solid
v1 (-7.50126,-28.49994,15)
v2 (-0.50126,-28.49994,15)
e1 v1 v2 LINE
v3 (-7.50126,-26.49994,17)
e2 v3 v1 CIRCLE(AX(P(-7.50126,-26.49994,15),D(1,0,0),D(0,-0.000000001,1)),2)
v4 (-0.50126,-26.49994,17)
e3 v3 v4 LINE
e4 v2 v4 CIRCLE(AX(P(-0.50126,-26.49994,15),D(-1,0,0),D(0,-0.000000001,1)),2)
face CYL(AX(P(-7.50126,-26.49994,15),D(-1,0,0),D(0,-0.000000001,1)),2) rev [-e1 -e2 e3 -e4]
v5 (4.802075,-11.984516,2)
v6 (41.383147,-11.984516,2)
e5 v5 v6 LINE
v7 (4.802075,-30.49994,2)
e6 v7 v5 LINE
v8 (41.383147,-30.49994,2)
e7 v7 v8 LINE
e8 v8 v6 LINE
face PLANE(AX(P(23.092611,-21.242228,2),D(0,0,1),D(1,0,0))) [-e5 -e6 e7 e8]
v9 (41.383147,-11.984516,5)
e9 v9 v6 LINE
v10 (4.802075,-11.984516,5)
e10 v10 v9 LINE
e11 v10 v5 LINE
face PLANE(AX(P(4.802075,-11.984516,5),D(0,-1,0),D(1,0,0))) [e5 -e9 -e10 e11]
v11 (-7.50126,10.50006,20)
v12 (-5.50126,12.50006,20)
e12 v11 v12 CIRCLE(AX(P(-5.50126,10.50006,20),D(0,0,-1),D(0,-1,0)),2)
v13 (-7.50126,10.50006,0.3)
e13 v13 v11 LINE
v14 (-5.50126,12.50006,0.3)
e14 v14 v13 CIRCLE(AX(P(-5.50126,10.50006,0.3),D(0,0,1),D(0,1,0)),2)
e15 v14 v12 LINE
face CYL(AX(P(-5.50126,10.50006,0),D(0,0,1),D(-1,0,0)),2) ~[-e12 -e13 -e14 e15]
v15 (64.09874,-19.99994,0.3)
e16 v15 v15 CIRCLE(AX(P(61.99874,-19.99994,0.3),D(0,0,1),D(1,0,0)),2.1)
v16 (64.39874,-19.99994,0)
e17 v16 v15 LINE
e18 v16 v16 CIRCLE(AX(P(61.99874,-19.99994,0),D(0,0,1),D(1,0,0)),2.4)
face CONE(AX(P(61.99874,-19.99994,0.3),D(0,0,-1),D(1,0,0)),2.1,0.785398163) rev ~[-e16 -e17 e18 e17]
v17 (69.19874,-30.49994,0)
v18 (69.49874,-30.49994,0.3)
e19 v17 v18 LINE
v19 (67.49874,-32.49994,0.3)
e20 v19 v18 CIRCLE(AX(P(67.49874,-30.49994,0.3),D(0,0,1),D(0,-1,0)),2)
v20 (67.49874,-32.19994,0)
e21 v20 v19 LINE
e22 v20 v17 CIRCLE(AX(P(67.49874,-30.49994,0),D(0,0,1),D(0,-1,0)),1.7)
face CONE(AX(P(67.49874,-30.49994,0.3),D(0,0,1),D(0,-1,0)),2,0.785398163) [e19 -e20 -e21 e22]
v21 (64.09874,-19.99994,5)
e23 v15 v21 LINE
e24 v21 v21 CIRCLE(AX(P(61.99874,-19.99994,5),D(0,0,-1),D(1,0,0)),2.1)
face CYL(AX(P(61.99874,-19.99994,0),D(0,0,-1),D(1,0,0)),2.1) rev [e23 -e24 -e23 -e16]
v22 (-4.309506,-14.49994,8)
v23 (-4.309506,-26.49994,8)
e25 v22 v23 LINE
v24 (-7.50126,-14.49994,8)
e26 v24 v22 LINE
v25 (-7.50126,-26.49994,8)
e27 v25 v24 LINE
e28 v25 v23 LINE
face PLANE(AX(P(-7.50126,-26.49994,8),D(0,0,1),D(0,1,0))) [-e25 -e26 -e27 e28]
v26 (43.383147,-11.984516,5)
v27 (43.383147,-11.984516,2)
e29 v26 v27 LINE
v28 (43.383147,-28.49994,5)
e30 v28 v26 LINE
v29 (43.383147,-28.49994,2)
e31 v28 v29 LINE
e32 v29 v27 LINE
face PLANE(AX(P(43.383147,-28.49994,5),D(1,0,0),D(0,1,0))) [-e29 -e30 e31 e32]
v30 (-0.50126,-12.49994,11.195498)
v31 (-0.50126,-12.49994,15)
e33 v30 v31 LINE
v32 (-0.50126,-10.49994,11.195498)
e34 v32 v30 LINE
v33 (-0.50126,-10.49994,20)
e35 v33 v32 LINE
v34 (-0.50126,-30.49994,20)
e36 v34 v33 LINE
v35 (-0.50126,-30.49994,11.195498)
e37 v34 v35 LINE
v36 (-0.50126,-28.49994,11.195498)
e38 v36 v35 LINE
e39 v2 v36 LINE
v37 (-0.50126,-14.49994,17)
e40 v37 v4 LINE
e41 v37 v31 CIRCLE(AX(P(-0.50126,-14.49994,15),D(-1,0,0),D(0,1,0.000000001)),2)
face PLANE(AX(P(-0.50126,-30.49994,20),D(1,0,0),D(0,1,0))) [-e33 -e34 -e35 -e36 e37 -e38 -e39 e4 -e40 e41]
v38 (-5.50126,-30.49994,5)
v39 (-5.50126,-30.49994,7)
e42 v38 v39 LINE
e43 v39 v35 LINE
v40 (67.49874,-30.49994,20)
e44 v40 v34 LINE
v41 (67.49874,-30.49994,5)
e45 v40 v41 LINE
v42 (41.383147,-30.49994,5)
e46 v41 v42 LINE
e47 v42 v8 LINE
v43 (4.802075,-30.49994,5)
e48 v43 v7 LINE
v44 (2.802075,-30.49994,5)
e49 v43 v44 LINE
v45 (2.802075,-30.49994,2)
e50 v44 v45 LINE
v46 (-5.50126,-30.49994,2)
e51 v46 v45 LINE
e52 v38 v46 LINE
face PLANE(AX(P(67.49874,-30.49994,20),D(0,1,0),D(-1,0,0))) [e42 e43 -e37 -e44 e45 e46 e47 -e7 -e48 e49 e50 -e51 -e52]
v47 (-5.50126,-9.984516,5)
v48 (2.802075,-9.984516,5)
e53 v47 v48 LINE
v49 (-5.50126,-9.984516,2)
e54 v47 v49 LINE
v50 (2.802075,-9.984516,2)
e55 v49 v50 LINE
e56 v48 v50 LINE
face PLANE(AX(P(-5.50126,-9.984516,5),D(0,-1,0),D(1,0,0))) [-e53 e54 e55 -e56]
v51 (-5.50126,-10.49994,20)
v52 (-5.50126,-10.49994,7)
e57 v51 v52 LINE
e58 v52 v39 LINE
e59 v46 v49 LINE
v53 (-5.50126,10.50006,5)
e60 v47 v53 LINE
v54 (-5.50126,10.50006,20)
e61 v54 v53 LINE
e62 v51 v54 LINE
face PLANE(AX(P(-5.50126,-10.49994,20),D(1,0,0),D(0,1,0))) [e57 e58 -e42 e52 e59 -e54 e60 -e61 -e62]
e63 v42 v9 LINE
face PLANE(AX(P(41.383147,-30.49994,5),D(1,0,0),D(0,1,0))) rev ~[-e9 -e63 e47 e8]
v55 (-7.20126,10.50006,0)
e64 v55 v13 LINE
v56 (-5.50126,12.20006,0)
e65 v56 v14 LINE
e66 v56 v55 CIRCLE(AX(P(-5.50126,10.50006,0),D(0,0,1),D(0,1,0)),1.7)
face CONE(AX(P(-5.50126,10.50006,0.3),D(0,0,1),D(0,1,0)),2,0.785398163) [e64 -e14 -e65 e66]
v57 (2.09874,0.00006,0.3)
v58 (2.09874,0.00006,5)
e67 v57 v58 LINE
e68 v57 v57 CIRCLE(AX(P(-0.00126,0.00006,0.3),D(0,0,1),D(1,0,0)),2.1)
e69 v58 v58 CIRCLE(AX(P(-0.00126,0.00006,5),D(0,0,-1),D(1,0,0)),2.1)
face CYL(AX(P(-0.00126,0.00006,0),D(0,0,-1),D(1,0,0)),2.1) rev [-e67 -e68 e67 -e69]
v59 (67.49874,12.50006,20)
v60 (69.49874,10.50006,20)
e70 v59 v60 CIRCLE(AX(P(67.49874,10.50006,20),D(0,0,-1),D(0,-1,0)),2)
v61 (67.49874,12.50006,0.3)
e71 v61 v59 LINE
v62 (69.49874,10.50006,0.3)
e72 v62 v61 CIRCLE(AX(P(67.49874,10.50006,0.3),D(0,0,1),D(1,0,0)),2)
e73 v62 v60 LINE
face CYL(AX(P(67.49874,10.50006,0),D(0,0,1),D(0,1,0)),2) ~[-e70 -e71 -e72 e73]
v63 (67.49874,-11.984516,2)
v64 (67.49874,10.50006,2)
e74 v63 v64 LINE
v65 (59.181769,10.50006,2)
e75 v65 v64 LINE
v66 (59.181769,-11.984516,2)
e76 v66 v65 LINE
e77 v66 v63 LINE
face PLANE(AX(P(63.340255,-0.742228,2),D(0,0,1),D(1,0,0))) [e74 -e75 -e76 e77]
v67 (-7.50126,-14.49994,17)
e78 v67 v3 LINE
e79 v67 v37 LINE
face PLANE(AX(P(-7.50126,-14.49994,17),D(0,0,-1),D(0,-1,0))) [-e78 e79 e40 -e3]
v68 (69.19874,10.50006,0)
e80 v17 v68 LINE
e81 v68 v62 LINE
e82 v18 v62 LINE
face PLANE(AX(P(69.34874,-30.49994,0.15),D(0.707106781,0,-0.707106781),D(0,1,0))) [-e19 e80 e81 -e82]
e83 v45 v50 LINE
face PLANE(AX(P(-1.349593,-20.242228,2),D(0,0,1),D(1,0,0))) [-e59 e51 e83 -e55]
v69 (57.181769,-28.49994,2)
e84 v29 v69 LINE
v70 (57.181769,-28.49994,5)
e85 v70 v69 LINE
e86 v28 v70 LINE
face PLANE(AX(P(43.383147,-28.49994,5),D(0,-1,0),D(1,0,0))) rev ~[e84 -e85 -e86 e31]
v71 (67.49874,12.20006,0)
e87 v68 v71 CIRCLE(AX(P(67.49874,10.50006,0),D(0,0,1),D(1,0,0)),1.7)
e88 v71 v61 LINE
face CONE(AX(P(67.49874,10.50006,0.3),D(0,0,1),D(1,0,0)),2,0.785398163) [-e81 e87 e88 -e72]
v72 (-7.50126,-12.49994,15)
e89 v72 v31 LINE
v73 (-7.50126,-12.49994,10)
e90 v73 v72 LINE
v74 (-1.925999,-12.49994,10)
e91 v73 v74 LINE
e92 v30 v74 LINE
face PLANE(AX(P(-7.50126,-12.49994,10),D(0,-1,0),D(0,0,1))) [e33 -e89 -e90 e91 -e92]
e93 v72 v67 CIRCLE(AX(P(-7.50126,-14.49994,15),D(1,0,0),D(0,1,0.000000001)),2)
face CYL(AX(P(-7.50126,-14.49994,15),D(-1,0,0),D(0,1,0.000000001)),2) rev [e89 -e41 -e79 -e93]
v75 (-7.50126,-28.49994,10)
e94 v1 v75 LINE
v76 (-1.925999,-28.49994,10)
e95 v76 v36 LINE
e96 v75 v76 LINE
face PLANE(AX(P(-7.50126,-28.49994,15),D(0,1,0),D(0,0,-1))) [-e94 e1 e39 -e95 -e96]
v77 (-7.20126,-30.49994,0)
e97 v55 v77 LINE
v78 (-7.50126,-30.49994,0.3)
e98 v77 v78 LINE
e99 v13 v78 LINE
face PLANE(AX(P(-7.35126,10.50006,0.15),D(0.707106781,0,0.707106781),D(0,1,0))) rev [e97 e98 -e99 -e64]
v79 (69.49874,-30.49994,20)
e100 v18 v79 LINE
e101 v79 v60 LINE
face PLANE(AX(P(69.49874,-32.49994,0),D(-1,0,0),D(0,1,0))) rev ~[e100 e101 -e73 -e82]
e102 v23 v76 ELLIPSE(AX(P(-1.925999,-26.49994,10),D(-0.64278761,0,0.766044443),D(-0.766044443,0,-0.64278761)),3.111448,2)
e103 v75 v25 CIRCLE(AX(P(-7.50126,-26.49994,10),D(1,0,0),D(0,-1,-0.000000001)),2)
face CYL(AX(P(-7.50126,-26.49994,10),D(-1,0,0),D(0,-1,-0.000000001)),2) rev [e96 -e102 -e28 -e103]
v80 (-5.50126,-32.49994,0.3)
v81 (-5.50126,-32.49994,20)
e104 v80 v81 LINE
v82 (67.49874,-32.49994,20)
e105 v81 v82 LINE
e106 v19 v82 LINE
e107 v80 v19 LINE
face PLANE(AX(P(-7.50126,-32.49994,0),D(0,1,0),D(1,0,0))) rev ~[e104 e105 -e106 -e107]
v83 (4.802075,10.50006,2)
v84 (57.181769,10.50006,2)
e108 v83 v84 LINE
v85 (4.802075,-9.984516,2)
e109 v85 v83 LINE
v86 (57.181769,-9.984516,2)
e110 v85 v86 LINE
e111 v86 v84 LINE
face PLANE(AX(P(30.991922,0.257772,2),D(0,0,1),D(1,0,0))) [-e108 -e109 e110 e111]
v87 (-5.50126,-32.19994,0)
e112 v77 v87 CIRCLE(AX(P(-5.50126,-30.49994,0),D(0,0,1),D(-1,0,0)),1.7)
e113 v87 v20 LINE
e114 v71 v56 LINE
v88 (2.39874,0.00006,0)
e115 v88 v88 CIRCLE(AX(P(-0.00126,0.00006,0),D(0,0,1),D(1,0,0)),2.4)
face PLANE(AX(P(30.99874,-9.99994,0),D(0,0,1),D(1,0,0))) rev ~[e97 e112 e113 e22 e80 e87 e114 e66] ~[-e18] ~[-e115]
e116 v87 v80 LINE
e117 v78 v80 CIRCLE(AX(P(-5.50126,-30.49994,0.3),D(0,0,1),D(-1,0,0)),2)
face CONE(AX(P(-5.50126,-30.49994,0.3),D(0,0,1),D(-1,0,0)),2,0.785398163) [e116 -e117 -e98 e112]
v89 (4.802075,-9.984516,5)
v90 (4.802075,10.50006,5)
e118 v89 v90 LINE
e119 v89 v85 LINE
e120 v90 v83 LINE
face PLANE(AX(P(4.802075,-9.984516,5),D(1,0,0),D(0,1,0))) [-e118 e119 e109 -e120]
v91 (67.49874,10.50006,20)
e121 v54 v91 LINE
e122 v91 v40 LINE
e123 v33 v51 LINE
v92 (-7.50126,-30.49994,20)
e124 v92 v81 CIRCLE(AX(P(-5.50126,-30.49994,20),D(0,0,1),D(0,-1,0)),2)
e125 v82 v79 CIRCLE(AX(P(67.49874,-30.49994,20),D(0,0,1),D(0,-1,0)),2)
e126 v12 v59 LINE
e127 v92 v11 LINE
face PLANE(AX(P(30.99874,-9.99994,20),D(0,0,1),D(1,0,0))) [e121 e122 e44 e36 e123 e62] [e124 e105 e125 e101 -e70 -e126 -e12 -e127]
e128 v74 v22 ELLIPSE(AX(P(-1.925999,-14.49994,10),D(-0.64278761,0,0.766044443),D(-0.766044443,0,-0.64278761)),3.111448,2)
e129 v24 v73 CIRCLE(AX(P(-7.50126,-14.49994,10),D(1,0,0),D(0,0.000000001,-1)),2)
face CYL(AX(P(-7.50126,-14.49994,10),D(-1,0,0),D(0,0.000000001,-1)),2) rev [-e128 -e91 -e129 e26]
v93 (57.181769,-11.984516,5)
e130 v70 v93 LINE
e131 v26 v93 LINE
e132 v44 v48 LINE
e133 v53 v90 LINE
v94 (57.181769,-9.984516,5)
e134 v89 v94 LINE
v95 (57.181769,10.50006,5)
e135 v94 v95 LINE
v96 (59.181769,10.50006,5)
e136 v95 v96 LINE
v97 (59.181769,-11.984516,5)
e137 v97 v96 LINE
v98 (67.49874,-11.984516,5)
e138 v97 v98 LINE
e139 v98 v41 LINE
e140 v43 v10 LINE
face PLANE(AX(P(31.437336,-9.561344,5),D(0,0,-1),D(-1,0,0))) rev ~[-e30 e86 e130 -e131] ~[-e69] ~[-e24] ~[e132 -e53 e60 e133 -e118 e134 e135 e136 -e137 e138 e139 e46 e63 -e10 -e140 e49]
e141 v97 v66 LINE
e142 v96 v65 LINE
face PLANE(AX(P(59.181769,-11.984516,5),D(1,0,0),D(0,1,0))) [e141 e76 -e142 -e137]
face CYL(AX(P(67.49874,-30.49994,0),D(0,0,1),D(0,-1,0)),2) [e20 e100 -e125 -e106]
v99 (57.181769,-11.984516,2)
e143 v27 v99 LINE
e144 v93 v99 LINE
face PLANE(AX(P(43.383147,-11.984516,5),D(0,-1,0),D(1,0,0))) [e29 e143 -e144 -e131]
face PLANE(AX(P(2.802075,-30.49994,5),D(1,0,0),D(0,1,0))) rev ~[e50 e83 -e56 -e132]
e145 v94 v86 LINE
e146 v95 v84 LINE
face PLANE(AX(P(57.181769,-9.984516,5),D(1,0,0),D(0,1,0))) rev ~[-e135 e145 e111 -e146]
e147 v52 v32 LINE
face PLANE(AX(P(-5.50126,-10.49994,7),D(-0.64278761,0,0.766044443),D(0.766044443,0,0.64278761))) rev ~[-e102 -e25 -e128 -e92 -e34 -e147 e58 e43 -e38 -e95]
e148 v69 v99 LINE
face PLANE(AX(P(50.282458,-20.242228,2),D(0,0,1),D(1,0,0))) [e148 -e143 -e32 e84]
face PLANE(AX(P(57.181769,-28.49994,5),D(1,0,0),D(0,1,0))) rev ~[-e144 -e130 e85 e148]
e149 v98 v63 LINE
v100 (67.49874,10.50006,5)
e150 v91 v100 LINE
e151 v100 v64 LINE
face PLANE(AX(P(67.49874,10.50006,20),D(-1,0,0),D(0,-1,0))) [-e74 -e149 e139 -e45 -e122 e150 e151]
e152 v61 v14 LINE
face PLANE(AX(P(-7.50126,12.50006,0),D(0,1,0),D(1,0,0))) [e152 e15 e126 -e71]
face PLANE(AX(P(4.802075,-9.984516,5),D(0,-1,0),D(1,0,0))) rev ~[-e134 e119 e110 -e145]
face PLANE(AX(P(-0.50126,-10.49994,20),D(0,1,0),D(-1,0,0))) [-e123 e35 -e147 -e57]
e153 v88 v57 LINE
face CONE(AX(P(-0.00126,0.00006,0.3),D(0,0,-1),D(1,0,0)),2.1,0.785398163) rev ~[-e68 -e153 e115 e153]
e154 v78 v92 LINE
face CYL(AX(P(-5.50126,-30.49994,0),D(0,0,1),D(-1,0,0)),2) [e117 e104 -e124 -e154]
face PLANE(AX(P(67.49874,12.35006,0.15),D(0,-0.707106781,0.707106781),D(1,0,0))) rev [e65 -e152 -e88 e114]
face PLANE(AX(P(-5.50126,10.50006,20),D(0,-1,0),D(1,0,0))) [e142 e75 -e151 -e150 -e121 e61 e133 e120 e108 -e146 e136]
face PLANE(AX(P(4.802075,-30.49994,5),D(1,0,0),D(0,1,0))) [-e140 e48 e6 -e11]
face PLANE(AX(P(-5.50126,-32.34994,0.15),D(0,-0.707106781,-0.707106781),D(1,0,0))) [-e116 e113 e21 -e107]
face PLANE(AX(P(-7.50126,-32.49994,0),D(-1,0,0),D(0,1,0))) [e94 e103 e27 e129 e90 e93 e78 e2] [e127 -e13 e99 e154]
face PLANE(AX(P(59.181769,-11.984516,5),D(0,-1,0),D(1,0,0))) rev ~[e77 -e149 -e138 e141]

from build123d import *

# Parameters (mm, degrees)
SKETCH2_W           = 77
SKETCH2_H           = 45
SKETCH2_R           = 2.1
BOSS_EXTRUDE2_DEPTH = 20
CUT_EXTRUDE1_DEPTH  = 15
SKETCH4_R           = 2.1
SKETCH4_W           = 52.379694286
SKETCH4_H           = 20.484576037
SKETCH4_W_2         = 36.58107182
SKETCH4_H_2         = 18.515423963
SKETCH4_W_3         = 13.798622466
SKETCH4_H_3         = 16.515423963
SKETCH4_W_4         = 8.316970937
SKETCH4_H_4         = 22.484576037
SKETCH4_W_5         = 8.303334777
SKETCH4_H_5         = 20.515423963
CUT_EXTRUDE2_DEPTH  = 3
CUT_EXTRUDE3_REACH  = 79
FILLET1_R           = 2
CUT_EXTRUDE8_DEPTH  = 20
CHAMFER1_SIZE       = 0.3


with BuildPart() as part:
    # Sketch2 → Boss-Extrude2 (new body)
    with BuildSketch(Plane.XY):
        with Locations((30.99874, -9.99994)):
            Rectangle(SKETCH2_W, SKETCH2_H)
        with Locations((-0.00126, 6e-05)):
            Circle(SKETCH2_R, mode=Mode.SUBTRACT)
        with Locations((61.99874, -19.99994)):
            Circle(SKETCH2_R, mode=Mode.SUBTRACT)
    extrude(amount=BOSS_EXTRUDE2_DEPTH)

    # Sketch3 → Cut-Extrude1 (cut)
    with BuildSketch(Plane.XY.offset(20)):
        Polygon((-5.50126, 10.50006), (67.49874, 10.50006), (67.49874, -30.49994), (-0.50126, -30.49994), (-0.50126, -10.49994), (-5.50126, -10.49994), align=None)
    extrude(amount=-CUT_EXTRUDE1_DEPTH, mode=Mode.SUBTRACT)

    # Sketch4 → Cut-Extrude2 (cut)
    with BuildSketch(Plane.XY.offset(5)):
        with Locations((-0.00126, 6e-05)):
            Circle(SKETCH4_R)
        with Locations((61.99874, -19.99994)):
            Circle(SKETCH4_R)
        with Locations((30.99192192, 0.257771982)):
            Rectangle(SKETCH4_W, SKETCH4_H)
        with Locations((23.092610687, -21.242228019)):
            Rectangle(SKETCH4_W_2, SKETCH4_H_2)
        with Locations((50.28245783, -20.242228019)):
            Rectangle(SKETCH4_W_3, SKETCH4_H_3)
        with Locations((63.340254532, -0.742228018)):
            Rectangle(SKETCH4_W_4, SKETCH4_H_4)
        with Locations((-1.349592612, -20.242228019)):
            Rectangle(SKETCH4_W_5, SKETCH4_H_5)
    extrude(amount=-CUT_EXTRUDE2_DEPTH, mode=Mode.SUBTRACT)

    # Sketch5 → Cut-Extrude3 (cut, up to next)
    with BuildSketch(Plane.ZY.offset(7.50126), mode=Mode.PRIVATE) as cut_extrude3_sk1:
        with BuildLine():
            Line((10, -12.49994), (15, -12.49994))
            ThreePointArc((15, -12.49994), (16.414213562, -13.085726438), (17, -14.49994))
            Line((17, -14.49994), (17, -26.49994))
            ThreePointArc((17, -26.49994), (16.414213562, -27.914153562), (15, -28.49994))
            Line((15, -28.49994), (10, -28.49994))
            ThreePointArc((10, -28.49994), (8.585786438, -27.914153562), (8, -26.49994))
            Line((8, -26.49994), (8, -14.49994))
            ThreePointArc((8, -14.49994), (8.585786438, -13.085726438), (10, -12.49994))
        make_face()
    cut_extrude3_tool1 = extrude(cut_extrude3_sk1.sketch, amount=-CUT_EXTRUDE3_REACH, mode=Mode.PRIVATE) & part.part
    add(cut_extrude3_tool1.solids().sort_by_distance((-7.50126, -20.49994, 12.5))[0], mode=Mode.SUBTRACT)

    # Fillet1
    fillet1_edges = [part.edges().sort_by_distance(p)[0] for p in [
        (-7.50126, 12.50006, 10),
        (69.49874, 12.50006, 10),
        (69.49874, -32.49994, 10),
        (-7.50126, -32.49994, 10),
    ]]
    fillet(fillet1_edges, radius=FILLET1_R)

    # Sketch6 → Cut-Extrude8 (cut)
    with BuildSketch(Plane(origin=(0, -10.49994, 0), x_dir=(1, 0, 0), z_dir=(0, 1, 0))):
        Polygon((-5.50126, -7), (-0.50126, -11.195498156), (-0.50126, -5), (-5.50126, -5), align=None)
    extrude(amount=-CUT_EXTRUDE8_DEPTH, mode=Mode.SUBTRACT)

    # Chamfer1
    chamfer1_edges = [part.edges().sort_by_distance(p)[0] for p in [
        (-2.10126, 6e-05, 0),
        (69.49874, -9.99994, 0),
        (-7.50126, -9.99994, 0),
        (30.99874, 12.50006, 0),
        (30.99874, -32.49994, 0),
        (-6.915473562, -31.914153562, 0),
        (-6.915473562, 11.914273562, 0),
        (68.912953562, 11.914273562, 0),
        (68.912953562, -31.914153562, 0),
        (59.89874, -19.99994, 0),
    ]]
    chamfer(chamfer1_edges, length=CHAMFER1_SIZE)


solid = part.part
